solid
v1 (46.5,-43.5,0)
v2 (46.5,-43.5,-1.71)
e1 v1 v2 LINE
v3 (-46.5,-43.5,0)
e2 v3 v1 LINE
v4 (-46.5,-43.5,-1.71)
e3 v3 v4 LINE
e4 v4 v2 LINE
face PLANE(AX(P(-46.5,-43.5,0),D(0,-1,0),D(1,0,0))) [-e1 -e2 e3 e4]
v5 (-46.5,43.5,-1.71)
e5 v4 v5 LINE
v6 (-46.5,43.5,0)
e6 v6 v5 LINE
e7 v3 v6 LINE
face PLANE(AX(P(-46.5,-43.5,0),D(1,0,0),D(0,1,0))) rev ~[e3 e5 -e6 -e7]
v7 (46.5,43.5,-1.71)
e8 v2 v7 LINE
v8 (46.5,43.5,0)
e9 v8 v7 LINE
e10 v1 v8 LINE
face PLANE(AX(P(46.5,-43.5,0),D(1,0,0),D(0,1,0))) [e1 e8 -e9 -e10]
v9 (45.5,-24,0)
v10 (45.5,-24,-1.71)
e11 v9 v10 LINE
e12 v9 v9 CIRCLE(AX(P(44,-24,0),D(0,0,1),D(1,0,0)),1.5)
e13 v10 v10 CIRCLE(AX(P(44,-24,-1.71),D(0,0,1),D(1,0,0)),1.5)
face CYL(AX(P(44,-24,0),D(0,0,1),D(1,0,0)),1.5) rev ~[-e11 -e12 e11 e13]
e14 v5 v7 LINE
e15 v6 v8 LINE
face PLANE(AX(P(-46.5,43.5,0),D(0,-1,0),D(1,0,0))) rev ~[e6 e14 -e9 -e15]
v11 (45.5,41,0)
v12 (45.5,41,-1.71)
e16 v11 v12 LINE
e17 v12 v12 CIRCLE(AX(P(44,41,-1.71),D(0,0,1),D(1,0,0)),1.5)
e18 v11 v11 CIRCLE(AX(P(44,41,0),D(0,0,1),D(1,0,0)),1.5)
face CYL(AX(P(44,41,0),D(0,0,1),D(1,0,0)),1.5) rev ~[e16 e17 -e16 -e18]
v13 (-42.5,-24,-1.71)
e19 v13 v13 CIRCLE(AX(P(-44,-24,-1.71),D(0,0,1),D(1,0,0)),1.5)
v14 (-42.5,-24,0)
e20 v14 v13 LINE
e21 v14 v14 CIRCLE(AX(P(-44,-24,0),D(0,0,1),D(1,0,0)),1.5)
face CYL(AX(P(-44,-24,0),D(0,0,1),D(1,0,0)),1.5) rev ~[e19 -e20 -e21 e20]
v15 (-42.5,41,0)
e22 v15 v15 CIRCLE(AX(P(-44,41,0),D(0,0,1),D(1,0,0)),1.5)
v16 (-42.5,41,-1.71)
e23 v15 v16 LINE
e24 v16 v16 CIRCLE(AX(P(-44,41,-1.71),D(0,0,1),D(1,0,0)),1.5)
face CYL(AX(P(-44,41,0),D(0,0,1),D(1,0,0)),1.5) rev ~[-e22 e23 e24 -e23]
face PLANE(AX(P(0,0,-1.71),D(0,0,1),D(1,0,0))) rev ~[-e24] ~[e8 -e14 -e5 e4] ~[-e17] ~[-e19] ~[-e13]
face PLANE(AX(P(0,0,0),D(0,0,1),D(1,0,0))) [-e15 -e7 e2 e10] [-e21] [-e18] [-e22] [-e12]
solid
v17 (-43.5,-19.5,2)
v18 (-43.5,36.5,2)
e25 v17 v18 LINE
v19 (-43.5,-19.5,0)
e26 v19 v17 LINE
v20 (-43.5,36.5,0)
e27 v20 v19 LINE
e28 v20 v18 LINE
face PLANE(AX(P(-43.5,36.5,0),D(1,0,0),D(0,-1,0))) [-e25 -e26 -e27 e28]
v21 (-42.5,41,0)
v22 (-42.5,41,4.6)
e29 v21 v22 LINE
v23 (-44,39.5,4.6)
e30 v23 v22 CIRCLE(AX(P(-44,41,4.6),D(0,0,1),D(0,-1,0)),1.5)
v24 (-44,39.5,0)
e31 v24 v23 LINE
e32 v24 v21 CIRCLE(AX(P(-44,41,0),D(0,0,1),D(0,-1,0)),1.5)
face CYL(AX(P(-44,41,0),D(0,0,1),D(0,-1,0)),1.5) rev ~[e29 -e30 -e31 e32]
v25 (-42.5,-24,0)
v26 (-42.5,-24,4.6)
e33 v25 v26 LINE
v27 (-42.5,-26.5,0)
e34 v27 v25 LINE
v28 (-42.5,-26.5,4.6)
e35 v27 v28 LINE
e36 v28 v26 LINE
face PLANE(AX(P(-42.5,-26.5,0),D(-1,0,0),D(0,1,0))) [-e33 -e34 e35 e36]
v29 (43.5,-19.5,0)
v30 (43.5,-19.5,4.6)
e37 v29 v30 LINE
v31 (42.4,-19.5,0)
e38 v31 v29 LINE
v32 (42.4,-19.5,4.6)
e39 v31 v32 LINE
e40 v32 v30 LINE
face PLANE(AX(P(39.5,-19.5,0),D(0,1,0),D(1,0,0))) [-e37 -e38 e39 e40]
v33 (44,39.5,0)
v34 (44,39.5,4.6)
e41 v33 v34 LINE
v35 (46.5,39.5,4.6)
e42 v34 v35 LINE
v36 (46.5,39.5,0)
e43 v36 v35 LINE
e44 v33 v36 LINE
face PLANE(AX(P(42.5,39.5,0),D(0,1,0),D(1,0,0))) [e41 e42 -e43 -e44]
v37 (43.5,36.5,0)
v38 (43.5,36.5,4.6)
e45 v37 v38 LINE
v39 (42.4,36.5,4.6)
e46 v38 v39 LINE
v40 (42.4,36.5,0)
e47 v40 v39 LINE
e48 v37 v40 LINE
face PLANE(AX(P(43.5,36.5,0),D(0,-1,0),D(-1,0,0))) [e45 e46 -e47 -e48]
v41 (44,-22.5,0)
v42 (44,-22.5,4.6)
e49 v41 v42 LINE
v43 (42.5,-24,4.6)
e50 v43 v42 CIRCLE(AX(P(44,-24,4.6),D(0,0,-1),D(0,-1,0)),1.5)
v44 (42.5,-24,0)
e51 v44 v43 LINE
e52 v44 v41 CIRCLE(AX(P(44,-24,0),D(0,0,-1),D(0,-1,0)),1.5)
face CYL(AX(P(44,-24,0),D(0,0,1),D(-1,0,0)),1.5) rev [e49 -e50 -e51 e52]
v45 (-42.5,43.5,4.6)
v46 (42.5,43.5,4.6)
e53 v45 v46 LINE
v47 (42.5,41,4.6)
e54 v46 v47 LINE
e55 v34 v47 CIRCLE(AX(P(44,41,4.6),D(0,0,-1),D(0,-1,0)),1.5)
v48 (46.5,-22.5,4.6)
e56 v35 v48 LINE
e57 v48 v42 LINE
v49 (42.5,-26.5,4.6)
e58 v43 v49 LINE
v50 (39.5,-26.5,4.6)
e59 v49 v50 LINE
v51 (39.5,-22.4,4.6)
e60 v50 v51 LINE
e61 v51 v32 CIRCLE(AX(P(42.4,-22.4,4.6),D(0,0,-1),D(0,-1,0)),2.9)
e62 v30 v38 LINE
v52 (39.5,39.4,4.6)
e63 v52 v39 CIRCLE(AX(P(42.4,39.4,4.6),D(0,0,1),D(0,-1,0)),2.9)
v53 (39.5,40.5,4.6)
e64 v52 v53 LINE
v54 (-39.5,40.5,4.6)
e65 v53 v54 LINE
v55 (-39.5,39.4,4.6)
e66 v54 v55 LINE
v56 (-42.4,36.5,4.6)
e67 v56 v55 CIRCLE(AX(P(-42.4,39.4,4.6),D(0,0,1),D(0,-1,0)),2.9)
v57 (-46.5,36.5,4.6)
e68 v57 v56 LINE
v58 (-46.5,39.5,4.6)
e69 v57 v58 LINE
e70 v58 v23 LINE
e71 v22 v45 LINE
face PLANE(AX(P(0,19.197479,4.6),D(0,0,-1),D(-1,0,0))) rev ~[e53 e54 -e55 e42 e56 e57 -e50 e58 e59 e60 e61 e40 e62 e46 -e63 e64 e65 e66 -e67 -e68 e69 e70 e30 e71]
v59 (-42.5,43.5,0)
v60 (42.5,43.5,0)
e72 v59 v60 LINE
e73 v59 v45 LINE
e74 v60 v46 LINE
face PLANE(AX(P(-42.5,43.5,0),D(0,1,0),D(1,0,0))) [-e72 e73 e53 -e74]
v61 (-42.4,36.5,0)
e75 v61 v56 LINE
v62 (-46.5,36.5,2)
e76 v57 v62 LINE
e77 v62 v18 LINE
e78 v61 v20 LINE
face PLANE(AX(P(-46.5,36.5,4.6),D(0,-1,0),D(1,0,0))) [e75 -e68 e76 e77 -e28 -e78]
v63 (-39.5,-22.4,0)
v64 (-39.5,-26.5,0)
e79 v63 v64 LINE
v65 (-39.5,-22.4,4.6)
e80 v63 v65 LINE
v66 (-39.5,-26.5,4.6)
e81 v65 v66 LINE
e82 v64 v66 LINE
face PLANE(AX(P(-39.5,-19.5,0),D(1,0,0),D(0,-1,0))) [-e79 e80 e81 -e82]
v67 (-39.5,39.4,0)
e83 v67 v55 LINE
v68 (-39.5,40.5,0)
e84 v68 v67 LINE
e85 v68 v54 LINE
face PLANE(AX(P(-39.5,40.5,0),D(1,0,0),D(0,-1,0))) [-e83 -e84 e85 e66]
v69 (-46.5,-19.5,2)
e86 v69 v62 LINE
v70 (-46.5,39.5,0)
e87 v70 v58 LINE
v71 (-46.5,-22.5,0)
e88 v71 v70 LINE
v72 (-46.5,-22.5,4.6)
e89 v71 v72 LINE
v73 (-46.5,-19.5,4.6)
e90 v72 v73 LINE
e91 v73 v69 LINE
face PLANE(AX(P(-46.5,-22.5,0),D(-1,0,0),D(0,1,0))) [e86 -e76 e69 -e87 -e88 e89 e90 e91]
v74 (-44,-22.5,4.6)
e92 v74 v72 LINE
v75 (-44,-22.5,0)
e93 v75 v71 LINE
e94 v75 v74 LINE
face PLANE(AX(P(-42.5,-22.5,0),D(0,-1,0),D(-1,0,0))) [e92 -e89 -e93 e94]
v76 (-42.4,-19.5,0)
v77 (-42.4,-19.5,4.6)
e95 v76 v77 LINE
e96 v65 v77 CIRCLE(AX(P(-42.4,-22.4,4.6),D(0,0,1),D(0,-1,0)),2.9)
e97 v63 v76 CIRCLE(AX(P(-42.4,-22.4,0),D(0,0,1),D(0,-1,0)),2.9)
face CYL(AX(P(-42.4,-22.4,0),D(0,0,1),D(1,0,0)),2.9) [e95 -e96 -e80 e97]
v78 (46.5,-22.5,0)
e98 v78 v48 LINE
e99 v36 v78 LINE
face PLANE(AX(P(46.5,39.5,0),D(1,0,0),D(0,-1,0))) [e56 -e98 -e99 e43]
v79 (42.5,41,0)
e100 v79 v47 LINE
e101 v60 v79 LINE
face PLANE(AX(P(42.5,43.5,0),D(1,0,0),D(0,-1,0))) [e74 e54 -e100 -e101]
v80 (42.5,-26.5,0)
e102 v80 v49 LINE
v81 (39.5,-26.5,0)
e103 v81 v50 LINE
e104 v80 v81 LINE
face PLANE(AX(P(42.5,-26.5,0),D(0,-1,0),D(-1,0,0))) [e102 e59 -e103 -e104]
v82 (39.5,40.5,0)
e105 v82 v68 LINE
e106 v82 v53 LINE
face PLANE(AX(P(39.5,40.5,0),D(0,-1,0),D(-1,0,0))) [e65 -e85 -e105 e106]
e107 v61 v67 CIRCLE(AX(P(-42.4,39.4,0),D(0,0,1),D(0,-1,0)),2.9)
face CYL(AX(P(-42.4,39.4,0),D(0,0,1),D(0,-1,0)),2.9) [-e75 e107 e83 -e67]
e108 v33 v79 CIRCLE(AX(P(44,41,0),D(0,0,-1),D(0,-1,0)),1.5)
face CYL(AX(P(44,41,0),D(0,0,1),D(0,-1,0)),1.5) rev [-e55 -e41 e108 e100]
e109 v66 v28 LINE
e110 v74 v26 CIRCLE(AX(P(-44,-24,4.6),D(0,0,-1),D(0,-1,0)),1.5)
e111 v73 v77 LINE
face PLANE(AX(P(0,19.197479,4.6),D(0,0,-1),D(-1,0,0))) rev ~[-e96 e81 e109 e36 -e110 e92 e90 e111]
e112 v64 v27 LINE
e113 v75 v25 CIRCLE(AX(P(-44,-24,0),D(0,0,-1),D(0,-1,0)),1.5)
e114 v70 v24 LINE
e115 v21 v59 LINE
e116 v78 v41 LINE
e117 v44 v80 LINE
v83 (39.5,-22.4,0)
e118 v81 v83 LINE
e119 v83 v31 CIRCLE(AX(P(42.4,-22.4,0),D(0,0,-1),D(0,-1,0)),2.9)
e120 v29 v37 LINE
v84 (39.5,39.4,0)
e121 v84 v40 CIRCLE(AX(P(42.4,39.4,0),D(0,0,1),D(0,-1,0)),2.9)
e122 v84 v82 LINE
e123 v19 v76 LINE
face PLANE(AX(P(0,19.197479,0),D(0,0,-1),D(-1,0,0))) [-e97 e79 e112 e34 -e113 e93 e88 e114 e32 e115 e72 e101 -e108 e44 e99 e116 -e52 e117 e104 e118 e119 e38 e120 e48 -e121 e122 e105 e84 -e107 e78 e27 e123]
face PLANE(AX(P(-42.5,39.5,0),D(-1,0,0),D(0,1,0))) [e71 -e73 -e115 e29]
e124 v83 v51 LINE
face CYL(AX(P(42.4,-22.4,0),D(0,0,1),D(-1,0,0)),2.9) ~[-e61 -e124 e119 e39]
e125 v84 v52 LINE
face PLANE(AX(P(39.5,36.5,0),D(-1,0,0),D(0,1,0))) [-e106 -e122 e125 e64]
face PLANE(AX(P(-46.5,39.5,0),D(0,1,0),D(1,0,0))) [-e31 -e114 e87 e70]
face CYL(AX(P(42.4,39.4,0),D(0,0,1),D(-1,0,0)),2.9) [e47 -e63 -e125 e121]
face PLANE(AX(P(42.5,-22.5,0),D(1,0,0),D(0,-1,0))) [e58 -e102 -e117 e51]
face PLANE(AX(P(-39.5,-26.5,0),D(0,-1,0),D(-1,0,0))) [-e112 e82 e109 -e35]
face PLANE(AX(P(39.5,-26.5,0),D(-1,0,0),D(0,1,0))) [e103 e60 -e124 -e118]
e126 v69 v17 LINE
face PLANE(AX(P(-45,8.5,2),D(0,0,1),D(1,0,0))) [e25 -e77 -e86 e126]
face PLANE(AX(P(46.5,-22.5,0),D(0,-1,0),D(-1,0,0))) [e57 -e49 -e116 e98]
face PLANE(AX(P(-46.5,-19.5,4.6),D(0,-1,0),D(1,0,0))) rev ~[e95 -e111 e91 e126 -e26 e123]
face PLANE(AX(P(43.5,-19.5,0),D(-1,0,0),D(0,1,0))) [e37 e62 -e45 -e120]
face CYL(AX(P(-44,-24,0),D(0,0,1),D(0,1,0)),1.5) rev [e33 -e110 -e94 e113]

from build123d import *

# Parameters (mm, degrees)
SKETCH_W       = 93
SKETCH_H       = 87
SKETCH_R       = 1.5
PAD_DEPTH      = 1.71
PAD001_DEPTH   = 4.6
SKETCH001003_W = 3
SKETCH001003_H = 56
POCKET_DEPTH   = 2.6
FILLET_R       = 1.5
FILLET001_R    = 2.9


with BuildPart() as white_circuit_board:
    # Sketch → Pad (new body)
    with BuildSketch(Plane.XY):
        Rectangle(SKETCH_W, SKETCH_H)
        with Locations((-44, 41)):
            Circle(SKETCH_R, mode=Mode.SUBTRACT)
        with Locations((44, 41)):
            Circle(SKETCH_R, mode=Mode.SUBTRACT)
        with Locations((-44, -24)):
            Circle(SKETCH_R, mode=Mode.SUBTRACT)
        with Locations((44, -24)):
            Circle(SKETCH_R, mode=Mode.SUBTRACT)
    extrude(amount=-PAD_DEPTH)


with BuildPart() as spacer:
    # Sketch001002 → Pad001 (new body)
    with BuildSketch(Plane.XY):
        Polygon((-46.5, 39.5), (-42.5, 39.5), (-42.5, 43.5), (42.5, 43.5), (42.5, 39.5), (46.5, 39.5), (46.5, -22.5), (42.5, -22.5), (42.5, -26.5), (39.5, -26.5), (39.5, -19.5), (43.5, -19.5), (43.5, 36.5), (39.5, 36.5), (39.5, 40.5), (-39.5, 40.5), (-39.5, 36.5), (-43.5, 36.5), (-43.5, -19.5), (-39.5, -19.5), (-39.5, -26.5), (-42.5, -26.5), (-42.5, -22.5), (-46.5, -22.5), align=None)
    extrude(amount=PAD001_DEPTH)

    # Sketch001003 → Pocket (cut)
    with BuildSketch(Plane.XY.offset(4.6)):
        with Locations((-45, 8.5)):
            Rectangle(SKETCH001003_W, SKETCH001003_H)
    extrude(amount=-POCKET_DEPTH, mode=Mode.SUBTRACT)

    # Fillet
    fillet_edges = [spacer.edges().sort_by_distance(p)[0] for p in [
        (42.5, -22.5, 2.3),
        (42.5, 39.5, 2.3),
        (-42.5, 39.5, 2.3),
        (-42.5, -22.5, 2.3),
    ]]
    fillet(fillet_edges, radius=FILLET_R)

    # Fillet001
    fillet001_edges = [spacer.edges().sort_by_distance(p)[0] for p in [
        (39.5, 36.5, 2.3),
        (39.5, -19.5, 2.3),
        (-39.5, 36.5, 2.3),
        (-39.5, -19.5, 2.3),
    ]]
    fillet(fillet001_edges, radius=FILLET001_R)


solid = Compound([white_circuit_board.part, spacer.part])
